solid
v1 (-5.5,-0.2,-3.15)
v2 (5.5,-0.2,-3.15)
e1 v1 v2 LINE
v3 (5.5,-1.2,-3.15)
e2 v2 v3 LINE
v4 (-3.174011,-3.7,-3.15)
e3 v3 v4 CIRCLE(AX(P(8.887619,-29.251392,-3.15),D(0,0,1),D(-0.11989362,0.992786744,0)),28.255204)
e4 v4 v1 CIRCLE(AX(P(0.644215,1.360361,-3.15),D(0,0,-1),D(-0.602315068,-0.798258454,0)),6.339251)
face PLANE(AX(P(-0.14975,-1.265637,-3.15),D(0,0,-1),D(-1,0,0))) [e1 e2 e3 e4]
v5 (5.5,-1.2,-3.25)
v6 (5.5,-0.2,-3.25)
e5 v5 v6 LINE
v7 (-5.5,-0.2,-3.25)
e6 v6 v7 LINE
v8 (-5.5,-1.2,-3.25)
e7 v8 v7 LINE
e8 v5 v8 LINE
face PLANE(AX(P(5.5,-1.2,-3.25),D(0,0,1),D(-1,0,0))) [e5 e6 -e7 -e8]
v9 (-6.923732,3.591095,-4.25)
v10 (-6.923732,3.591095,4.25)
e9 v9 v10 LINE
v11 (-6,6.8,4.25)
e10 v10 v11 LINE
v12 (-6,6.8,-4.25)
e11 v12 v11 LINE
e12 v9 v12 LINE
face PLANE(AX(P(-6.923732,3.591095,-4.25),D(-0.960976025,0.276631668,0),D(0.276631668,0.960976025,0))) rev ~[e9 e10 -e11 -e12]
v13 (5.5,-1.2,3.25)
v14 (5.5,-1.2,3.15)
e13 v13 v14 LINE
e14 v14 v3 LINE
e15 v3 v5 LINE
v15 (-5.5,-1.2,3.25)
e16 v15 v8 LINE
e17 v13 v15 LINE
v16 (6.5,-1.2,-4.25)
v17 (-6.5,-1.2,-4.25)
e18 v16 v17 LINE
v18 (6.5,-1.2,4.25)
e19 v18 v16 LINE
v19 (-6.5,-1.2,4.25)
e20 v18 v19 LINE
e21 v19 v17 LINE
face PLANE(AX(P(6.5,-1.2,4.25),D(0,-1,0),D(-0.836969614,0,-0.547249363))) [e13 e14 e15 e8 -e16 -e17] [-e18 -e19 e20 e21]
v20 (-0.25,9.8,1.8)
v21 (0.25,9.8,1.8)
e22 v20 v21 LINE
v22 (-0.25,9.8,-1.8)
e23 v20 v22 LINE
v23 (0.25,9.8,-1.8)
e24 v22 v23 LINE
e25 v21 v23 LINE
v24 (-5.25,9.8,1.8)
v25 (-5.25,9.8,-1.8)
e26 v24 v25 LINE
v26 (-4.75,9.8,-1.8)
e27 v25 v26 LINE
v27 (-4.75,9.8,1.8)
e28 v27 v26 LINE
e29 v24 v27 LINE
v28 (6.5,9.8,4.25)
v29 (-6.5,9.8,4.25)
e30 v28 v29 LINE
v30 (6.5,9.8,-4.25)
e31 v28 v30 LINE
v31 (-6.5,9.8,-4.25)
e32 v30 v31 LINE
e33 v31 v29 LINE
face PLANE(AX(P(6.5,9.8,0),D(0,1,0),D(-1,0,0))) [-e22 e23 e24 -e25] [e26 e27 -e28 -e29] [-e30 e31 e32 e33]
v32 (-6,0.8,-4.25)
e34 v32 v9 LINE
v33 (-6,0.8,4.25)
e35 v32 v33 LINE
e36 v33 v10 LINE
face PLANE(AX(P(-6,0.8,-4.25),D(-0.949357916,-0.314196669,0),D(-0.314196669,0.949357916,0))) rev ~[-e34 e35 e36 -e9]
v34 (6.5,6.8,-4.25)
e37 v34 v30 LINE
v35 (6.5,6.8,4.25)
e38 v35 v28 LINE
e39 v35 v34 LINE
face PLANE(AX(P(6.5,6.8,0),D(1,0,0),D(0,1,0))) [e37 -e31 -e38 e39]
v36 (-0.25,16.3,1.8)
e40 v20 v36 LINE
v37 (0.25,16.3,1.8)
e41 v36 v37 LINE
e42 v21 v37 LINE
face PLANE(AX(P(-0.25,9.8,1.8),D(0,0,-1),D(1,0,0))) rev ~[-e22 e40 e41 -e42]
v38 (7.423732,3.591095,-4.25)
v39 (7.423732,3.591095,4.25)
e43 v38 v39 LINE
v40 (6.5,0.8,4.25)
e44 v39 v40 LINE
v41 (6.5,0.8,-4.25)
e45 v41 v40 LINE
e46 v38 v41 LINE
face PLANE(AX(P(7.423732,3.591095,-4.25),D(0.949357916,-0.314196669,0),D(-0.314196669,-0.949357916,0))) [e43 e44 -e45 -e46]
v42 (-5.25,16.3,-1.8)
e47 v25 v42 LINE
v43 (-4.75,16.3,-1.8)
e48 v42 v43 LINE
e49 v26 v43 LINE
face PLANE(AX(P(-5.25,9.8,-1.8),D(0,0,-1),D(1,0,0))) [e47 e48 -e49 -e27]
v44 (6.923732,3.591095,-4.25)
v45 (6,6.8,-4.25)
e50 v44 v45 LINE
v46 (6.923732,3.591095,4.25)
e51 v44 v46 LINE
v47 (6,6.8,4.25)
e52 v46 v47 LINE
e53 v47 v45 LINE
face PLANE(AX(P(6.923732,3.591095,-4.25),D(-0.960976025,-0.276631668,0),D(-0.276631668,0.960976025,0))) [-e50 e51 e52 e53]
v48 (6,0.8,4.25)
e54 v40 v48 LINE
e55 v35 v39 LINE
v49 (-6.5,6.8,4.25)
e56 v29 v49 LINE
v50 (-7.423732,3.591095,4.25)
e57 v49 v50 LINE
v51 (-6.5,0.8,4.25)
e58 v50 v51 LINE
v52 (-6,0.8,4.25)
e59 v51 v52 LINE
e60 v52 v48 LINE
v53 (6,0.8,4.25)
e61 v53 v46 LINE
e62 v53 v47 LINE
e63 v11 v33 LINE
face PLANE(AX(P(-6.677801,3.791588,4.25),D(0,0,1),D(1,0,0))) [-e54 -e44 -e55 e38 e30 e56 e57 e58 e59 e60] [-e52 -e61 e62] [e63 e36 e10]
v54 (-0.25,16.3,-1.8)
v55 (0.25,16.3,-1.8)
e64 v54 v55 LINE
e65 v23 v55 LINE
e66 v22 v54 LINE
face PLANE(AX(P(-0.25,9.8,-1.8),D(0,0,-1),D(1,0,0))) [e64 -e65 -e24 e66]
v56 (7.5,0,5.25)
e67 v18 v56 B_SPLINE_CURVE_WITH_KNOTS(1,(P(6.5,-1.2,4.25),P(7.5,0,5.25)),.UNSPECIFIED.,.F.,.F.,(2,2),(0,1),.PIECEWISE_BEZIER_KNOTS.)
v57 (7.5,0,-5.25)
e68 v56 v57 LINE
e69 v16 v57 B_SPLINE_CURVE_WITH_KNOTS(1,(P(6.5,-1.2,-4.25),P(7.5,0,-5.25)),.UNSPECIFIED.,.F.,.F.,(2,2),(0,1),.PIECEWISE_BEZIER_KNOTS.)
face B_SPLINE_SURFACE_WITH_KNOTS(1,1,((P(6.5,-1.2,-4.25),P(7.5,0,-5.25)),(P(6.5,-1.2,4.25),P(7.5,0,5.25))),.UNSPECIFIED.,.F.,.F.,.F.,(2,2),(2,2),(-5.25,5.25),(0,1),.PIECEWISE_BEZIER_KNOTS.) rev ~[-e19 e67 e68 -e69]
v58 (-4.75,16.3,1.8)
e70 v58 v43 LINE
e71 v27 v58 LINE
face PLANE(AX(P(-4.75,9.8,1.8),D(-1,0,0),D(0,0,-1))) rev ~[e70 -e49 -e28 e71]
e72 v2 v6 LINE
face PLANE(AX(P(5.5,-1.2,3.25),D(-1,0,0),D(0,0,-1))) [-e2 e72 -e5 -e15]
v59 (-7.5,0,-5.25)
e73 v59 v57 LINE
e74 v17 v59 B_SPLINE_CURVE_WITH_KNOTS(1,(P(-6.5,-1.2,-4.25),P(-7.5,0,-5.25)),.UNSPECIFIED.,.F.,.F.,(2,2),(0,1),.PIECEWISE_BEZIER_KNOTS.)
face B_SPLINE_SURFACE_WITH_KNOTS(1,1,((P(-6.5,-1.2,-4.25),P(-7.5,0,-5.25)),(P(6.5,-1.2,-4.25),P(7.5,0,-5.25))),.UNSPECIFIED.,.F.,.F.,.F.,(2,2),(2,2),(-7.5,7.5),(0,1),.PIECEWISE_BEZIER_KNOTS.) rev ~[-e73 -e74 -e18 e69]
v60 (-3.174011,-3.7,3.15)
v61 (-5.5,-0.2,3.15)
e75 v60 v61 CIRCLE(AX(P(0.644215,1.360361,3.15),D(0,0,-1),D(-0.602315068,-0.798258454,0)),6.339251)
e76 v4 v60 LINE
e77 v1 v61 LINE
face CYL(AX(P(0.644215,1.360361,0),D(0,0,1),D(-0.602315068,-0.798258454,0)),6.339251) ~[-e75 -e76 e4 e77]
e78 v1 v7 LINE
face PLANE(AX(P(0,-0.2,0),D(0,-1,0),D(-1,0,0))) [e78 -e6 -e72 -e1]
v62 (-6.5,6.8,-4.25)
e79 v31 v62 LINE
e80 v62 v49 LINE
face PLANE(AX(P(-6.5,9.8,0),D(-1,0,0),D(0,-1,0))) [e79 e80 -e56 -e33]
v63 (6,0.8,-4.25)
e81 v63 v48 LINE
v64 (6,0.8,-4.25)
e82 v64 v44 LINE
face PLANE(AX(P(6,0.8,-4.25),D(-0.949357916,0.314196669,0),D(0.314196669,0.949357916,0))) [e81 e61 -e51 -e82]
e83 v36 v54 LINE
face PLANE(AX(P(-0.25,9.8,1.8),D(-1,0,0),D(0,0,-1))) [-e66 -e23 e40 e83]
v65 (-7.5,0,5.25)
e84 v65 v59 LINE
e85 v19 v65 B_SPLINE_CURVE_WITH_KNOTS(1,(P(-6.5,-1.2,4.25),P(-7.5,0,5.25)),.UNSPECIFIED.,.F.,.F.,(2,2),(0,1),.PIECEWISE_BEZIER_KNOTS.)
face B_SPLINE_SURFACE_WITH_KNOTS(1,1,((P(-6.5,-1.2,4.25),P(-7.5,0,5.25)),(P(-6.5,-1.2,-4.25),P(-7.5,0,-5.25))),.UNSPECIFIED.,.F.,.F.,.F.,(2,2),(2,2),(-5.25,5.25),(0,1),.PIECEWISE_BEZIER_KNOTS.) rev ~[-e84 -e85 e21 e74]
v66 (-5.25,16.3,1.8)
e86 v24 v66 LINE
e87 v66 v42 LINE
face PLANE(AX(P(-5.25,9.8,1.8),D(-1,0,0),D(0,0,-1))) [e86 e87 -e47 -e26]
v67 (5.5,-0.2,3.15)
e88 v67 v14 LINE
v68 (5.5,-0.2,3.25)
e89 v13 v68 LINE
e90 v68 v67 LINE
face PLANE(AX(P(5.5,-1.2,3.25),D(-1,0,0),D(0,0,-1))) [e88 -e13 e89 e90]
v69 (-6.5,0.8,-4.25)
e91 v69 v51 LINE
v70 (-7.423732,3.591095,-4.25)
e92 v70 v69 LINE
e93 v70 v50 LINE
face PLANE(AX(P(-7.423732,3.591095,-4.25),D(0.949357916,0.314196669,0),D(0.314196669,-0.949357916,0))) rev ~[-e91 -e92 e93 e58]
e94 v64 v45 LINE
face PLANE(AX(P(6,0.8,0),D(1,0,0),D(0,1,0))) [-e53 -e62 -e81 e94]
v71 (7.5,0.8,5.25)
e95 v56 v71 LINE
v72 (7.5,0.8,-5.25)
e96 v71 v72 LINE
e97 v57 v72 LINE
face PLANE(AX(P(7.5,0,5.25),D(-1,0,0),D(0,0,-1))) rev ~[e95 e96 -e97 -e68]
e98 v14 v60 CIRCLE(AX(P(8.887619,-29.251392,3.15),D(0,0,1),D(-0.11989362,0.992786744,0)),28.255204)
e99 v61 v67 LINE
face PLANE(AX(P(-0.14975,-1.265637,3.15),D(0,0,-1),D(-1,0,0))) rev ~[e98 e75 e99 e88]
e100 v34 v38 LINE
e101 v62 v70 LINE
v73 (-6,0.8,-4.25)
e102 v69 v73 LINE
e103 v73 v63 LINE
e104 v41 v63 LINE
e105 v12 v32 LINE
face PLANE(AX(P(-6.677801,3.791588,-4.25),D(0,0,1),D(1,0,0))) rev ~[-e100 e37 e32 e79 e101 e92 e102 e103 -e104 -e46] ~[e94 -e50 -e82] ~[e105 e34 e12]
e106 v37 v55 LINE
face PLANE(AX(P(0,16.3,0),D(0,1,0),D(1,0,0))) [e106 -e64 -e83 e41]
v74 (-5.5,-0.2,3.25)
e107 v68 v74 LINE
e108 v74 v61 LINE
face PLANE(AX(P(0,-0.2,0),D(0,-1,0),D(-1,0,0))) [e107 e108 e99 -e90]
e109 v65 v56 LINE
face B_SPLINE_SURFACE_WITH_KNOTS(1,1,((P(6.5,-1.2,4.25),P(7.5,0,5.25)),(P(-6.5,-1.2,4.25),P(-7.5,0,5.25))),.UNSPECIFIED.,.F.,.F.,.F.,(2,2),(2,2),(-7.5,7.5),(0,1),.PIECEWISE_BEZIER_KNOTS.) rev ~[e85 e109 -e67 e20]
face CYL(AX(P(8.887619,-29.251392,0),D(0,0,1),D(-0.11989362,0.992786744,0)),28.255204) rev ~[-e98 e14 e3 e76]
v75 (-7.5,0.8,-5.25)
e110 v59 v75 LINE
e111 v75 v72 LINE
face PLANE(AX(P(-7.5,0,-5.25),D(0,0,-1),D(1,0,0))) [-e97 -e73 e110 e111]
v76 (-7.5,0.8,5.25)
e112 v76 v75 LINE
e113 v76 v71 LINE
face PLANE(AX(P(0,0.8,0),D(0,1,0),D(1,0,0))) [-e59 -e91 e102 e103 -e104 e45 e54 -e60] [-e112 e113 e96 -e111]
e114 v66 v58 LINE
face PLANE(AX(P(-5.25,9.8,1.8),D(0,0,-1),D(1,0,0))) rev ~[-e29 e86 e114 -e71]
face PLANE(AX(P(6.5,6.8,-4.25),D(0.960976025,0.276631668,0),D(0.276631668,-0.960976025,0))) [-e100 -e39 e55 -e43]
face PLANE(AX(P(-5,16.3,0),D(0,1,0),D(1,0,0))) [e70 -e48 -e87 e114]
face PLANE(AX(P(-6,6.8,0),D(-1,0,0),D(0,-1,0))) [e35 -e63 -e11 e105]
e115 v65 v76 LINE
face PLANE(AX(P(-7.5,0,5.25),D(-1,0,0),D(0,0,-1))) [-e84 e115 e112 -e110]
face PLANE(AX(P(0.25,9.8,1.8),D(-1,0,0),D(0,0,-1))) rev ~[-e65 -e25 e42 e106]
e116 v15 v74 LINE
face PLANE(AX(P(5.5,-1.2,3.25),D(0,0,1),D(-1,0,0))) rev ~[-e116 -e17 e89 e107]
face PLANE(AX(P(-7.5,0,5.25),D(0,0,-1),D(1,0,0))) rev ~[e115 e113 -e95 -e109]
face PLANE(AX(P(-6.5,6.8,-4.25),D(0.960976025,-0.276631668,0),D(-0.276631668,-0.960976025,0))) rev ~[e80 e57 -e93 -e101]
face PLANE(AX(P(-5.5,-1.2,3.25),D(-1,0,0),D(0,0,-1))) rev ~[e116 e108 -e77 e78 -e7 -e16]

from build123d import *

# Parameters (mm, degrees)
SKETCH_1_W          = 15
SKETCH_1_H          = 10.5
EXTRUDE_1_DEPTH     = 0.8
SKETCH_2_W          = 13
SKETCH_2_H          = 8.5
EXTRUDE_2_DEPTH     = 4.25
EXTRUDE_4_DEPTH     = 8.5
SKETCH_5_W          = 0.5
SKETCH_5_H          = 3.6
EXTRUDE_5_DEPTH     = 6.5
SKETCH_6_W          = 11
SKETCH_6_H          = 6.5
CUT_EXTRUDE_1_DEPTH = 1
EXTRUDE_6_DEPTH     = 3.15


with BuildPart() as part:
    # 草图1 → 凸台-拉伸1 (new body)
    with BuildSketch(Plane(origin=(0, 0, 0), x_dir=(1, 0, 0), z_dir=(0, 1, 0))):
        Rectangle(SKETCH_1_W, SKETCH_1_H)
    extrude(amount=EXTRUDE_1_DEPTH)

    # 草图2 → section 0 of loft_1
    with BuildSketch(Plane(origin=(0, -1.2, 0), x_dir=(-1, 0, 0), z_dir=(0, -1, 0)), mode=Mode.PRIVATE) as loft_1_s0:
        Rectangle(SKETCH_2_W, SKETCH_2_H)
    # loft up to a face of the part (loft_1)
    loft([loft_1_s0.sketch, part.faces().sort_by_distance((0, 0, 0))[0]])

    # 草图3 → 凸台-拉伸2 (add, symmetric)
    with BuildSketch(Plane.XY):
        Polygon((6.5, 9.8), (-6.5, 9.8), (-6.5, 6.8), (-6, 6.8), (-6, 0.8), (6, 0.8), (6, 6.8), (6.5, 6.8), align=None)
    extrude(amount=EXTRUDE_2_DEPTH, both=True)

    # 草图4 → 凸台-拉伸4 (add)
    with BuildSketch(Plane(origin=(0, 0, -4.25), x_dir=(-1, 0, 0), z_dir=(0, 0, -1))):
        Polygon((6.5, 6.8), (7.423732472, 3.591094946), (6.5, 0.8), (6, 0.8), (6.923732472, 3.591094946), (6, 6.8), align=None)
        Polygon((-6, 6.8), (-6.5, 6.8), (-7.423732472, 3.591094946), (-6.5, 0.8), (-6, 0.8), (-6.923732472, 3.591094946), align=None)
    extrude(amount=-EXTRUDE_4_DEPTH)

    # 草图5 → 凸台-拉伸5 (add)
    with BuildSketch(Plane(origin=(0, 9.8, 0), x_dir=(1, 0, 0), z_dir=(0, 1, 0))):
        Rectangle(SKETCH_5_W, SKETCH_5_H)
        with Locations((-5, 0)):
            Rectangle(SKETCH_5_W, SKETCH_5_H)
    extrude(amount=EXTRUDE_5_DEPTH)

    # 草图6 → 切除-拉伸1 (cut)
    with BuildSketch(Plane(origin=(0, -1.2, 0), x_dir=(-1, 0, 0), z_dir=(0, -1, 0))):
        Rectangle(SKETCH_6_W, SKETCH_6_H)
    extrude(amount=-CUT_EXTRUDE_1_DEPTH, mode=Mode.SUBTRACT)

    # 草图7 → 凸台-拉伸6 (add, symmetric)
    with BuildSketch(Plane.XY):
        with BuildLine():
            Line((-5.5, -0.2), (5.5, -0.2))
            Line((5.5, -0.2), (5.5, -1.2))
            ThreePointArc((5.5, -1.2), (1.062510248, -2.101360111), (-3.174011421, -3.7))
            ThreePointArc((-3.174011421, -3.7), (-4.635468683, -2.14834899), (-5.5, -0.2))
        make_face()
    extrude(amount=EXTRUDE_6_DEPTH, both=True)


solid = part.part
